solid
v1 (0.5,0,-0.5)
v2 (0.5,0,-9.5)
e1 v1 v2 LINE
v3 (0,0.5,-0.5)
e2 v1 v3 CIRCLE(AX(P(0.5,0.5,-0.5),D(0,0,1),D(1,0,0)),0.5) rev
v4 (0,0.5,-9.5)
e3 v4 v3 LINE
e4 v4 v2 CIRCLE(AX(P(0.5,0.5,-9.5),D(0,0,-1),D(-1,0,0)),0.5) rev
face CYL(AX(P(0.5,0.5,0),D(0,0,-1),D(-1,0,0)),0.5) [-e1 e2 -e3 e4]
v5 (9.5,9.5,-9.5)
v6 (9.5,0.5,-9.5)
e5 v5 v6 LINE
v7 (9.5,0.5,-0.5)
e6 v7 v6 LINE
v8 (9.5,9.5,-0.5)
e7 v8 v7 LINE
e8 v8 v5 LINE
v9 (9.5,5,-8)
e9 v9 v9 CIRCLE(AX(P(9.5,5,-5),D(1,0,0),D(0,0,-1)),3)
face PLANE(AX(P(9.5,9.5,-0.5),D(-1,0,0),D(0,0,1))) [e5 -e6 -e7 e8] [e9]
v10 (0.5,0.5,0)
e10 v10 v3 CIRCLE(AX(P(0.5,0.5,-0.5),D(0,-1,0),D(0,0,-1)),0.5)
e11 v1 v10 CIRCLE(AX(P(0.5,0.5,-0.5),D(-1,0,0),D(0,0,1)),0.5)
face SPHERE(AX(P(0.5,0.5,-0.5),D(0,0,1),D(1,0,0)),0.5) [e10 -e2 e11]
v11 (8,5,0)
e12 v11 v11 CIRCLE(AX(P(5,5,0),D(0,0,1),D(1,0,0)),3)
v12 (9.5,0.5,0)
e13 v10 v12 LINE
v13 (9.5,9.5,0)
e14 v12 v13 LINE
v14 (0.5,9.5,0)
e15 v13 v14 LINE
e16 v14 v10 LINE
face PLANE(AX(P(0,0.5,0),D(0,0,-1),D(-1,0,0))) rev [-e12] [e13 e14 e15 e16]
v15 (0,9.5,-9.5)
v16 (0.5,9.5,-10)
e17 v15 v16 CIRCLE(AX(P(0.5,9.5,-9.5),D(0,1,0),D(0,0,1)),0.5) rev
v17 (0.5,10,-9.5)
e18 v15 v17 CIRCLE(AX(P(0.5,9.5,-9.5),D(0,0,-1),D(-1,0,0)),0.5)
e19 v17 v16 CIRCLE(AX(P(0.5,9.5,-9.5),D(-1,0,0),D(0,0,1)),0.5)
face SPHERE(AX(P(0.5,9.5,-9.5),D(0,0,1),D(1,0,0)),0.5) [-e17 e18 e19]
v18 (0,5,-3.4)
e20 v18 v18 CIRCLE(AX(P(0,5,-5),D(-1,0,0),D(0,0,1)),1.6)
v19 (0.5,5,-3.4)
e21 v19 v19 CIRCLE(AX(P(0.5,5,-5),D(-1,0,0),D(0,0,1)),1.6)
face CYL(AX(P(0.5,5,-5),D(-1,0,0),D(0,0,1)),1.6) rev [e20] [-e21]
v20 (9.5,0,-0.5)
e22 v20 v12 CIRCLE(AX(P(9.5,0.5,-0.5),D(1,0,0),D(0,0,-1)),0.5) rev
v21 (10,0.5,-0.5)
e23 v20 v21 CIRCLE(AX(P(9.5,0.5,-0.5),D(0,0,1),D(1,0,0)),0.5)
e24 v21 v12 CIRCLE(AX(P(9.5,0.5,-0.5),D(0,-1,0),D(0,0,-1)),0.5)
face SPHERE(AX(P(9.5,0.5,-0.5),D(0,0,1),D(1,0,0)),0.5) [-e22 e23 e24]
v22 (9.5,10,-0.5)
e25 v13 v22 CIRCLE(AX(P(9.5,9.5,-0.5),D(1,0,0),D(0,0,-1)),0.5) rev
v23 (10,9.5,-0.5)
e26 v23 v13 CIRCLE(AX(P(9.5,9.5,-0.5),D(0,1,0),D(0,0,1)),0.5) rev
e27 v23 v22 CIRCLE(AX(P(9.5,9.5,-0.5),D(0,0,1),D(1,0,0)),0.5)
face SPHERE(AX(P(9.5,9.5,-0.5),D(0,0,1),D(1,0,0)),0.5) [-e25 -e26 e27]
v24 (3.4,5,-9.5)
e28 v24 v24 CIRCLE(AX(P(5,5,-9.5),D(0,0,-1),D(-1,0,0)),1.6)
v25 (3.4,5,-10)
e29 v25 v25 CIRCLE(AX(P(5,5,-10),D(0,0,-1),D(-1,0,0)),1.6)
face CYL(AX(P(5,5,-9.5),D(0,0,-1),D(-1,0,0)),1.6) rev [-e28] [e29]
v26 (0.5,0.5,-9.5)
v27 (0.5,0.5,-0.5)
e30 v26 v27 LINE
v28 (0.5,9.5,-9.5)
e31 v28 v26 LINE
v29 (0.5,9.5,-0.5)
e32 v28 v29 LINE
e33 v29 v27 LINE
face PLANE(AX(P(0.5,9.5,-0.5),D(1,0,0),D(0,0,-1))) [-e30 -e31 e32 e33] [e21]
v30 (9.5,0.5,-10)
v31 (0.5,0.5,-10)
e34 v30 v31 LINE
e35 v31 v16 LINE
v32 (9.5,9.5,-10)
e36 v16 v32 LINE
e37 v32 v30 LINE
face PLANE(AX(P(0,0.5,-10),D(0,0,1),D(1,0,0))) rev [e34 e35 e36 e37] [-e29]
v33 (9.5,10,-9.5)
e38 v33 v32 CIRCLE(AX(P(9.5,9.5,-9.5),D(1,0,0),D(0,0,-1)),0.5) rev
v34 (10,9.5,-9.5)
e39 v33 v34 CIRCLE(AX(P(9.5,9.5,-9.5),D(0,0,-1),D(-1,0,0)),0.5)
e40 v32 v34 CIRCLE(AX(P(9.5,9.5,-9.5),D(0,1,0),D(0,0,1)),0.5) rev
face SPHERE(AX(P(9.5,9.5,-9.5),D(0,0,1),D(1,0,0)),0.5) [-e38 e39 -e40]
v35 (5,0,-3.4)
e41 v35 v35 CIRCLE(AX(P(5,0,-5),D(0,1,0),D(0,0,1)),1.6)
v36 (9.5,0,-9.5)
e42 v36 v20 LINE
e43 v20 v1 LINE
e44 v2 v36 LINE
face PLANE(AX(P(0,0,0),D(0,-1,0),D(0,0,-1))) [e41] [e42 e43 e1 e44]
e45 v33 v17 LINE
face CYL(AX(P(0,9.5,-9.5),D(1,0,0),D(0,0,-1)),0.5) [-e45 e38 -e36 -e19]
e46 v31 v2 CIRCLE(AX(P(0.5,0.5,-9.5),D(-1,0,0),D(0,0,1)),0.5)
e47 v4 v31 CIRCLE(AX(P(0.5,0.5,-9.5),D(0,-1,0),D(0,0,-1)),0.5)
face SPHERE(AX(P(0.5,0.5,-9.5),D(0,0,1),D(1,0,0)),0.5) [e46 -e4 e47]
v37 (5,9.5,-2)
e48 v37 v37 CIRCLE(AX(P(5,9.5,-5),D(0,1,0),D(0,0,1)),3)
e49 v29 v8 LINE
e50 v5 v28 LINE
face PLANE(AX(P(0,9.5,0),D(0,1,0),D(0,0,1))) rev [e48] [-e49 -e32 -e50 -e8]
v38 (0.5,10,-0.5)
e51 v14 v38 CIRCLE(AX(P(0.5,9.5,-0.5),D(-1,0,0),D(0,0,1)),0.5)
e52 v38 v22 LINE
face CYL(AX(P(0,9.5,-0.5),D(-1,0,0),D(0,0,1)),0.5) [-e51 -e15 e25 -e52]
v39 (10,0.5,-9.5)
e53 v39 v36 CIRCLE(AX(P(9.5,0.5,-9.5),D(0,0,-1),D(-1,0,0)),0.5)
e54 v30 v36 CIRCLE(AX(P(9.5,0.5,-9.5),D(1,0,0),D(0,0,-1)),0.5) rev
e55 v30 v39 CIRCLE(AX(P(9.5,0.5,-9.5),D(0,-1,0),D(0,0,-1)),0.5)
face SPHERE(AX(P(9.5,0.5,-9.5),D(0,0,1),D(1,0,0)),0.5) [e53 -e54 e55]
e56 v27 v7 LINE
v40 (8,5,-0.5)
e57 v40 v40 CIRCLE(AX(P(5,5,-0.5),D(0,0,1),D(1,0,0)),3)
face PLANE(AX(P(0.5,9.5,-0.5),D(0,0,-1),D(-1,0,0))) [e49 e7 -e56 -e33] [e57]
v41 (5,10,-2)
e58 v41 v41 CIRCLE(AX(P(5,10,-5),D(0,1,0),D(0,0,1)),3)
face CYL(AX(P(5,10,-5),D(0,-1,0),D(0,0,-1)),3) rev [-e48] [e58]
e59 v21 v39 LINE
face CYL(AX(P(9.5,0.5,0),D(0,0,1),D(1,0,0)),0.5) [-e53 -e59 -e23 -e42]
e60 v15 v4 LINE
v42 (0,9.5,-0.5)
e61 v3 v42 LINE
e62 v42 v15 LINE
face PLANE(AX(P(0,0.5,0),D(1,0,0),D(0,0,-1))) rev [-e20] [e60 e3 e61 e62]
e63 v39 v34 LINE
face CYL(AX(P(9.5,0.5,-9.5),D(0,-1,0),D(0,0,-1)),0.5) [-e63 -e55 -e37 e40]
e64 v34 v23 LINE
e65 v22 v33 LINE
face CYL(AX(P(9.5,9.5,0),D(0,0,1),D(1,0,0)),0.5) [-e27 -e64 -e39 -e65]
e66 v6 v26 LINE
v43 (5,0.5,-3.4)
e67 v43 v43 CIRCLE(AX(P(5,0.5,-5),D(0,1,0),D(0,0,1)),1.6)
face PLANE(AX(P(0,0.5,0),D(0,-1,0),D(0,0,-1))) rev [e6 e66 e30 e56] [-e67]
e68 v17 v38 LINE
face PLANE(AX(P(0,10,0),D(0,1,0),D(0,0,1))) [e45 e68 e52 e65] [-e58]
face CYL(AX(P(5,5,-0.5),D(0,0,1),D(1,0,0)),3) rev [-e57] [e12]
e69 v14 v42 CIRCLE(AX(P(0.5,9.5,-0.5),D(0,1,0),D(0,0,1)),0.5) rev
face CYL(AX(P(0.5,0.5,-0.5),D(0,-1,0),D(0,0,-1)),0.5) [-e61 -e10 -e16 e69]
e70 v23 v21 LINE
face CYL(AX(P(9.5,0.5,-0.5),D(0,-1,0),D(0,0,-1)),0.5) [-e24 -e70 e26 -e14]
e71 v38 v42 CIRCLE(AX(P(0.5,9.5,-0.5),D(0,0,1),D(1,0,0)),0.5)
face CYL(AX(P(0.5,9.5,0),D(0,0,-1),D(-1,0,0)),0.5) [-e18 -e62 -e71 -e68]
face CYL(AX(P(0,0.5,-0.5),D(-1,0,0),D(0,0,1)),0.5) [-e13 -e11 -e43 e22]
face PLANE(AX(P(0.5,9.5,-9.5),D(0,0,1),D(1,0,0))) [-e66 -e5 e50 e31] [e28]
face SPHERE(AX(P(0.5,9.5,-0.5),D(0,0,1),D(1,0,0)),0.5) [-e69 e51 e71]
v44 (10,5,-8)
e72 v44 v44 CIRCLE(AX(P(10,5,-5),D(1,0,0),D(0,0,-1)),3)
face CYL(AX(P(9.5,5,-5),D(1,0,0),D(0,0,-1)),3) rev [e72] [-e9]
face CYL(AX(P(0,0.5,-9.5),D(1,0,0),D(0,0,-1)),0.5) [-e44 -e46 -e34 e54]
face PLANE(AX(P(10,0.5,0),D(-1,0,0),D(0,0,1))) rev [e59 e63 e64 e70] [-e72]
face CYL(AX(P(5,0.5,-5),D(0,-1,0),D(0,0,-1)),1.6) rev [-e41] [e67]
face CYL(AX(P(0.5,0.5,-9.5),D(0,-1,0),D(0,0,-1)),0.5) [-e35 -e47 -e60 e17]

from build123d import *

# Parameters (mm, degrees)
SKETCH1_W           = 10
SKETCH1_H           = 10
SKETCH1_R           = 1.6
BOSS_EXTRUDE1_DEPTH = 0.5
SKETCH4_W           = 10
SKETCH4_H           = 10
SKETCH4_W_2         = 9
SKETCH4_H_2         = 9
BOSS_EXTRUDE2_DEPTH = 9
SKETCH5_W           = 10
SKETCH5_H           = 10
SKETCH5_R           = 3
BOSS_EXTRUDE3_DEPTH = 0.5
SKETCH6_R           = 3
CUT_EXTRUDE1_DEPTH  = 0.5
SKETCH7_R           = 3
CUT_EXTRUDE2_DEPTH  = 0.5
SKETCH8_R           = 1.6
CUT_EXTRUDE3_DEPTH  = 0.5
SKETCH9_R           = 1.6
CUT_EXTRUDE4_DEPTH  = 0.5
FILLET5_R           = 0.5


with BuildPart() as part:
    # Sketch1 → Boss-Extrude1 (new body)
    with BuildSketch(Plane(origin=(0, 0, 0), x_dir=(1, 0, 0), z_dir=(0, 1, 0))):
        with Locations((5, 5)):
            Rectangle(SKETCH1_W, SKETCH1_H)
        with Locations(Location((5, 5, 0), (0, 0, 270))):
            Circle(SKETCH1_R, mode=Mode.SUBTRACT)
    extrude(amount=BOSS_EXTRUDE1_DEPTH)

    # Sketch4 → Boss-Extrude2 (add)
    with BuildSketch(Plane(origin=(0, 0.5, 0), x_dir=(1, 0, 0), z_dir=(0, 1, 0))):
        with Locations((5, 5)):
            Rectangle(SKETCH4_W, SKETCH4_H)
        with Locations((5, 5)):
            Rectangle(SKETCH4_W_2, SKETCH4_H_2, mode=Mode.SUBTRACT)
    extrude(amount=BOSS_EXTRUDE2_DEPTH)

    # Sketch5 → Boss-Extrude3 (add)
    with BuildSketch(Plane(origin=(0, 9.5, 0), x_dir=(1, 0, 0), z_dir=(0, 1, 0))):
        with Locations((5, 5)):
            Rectangle(SKETCH5_W, SKETCH5_H)
        with Locations(Location((5, 5, 0), (0, 0, 270))):
            Circle(SKETCH5_R, mode=Mode.SUBTRACT)
    extrude(amount=BOSS_EXTRUDE3_DEPTH)

    # Sketch6 → Cut-Extrude1 (cut)
    with BuildSketch(Plane(origin=(10, 0, 0), x_dir=(0, 0, -1), z_dir=(1, 0, 0))):
        with Locations((5, 5)):
            Circle(SKETCH6_R)
    extrude(amount=-CUT_EXTRUDE1_DEPTH, mode=Mode.SUBTRACT)

    # Sketch7 → Cut-Extrude2 (cut)
    with BuildSketch(Plane.XY):
        with Locations((5, 5)):
            Circle(SKETCH7_R)
    extrude(amount=-CUT_EXTRUDE2_DEPTH, mode=Mode.SUBTRACT)

    # Sketch8 → Cut-Extrude3 (cut)
    with BuildSketch(Plane.ZY):
        with Locations((-5, 5)):
            Circle(SKETCH8_R)
    extrude(amount=-CUT_EXTRUDE3_DEPTH, mode=Mode.SUBTRACT)

    # Sketch9 → Cut-Extrude4 (cut)
    with BuildSketch(Plane(origin=(0, 0, -10), x_dir=(-1, 0, 0), z_dir=(0, 0, -1))):
        with Locations((-5, 5)):
            Circle(SKETCH9_R)
    extrude(amount=-CUT_EXTRUDE4_DEPTH, mode=Mode.SUBTRACT)

    # Fillet5
    fillet5_edges = [part.edges().sort_by_distance(p)[0] for p in [
        (0, 10, -5),
        (5, 10, 0),
        (10, 10, -5),
        (5, 10, -10),
        (5, 0, -10),
        (10, 0, -5),
        (5, 0, 0),
        (0, 0, -5),
        (0, 5, -10),
        (10, 5, -10),
        (10, 5, 0),
        (0, 5, 0),
    ]]
    fillet(fillet5_edges, radius=FILLET5_R)


solid = part.part
